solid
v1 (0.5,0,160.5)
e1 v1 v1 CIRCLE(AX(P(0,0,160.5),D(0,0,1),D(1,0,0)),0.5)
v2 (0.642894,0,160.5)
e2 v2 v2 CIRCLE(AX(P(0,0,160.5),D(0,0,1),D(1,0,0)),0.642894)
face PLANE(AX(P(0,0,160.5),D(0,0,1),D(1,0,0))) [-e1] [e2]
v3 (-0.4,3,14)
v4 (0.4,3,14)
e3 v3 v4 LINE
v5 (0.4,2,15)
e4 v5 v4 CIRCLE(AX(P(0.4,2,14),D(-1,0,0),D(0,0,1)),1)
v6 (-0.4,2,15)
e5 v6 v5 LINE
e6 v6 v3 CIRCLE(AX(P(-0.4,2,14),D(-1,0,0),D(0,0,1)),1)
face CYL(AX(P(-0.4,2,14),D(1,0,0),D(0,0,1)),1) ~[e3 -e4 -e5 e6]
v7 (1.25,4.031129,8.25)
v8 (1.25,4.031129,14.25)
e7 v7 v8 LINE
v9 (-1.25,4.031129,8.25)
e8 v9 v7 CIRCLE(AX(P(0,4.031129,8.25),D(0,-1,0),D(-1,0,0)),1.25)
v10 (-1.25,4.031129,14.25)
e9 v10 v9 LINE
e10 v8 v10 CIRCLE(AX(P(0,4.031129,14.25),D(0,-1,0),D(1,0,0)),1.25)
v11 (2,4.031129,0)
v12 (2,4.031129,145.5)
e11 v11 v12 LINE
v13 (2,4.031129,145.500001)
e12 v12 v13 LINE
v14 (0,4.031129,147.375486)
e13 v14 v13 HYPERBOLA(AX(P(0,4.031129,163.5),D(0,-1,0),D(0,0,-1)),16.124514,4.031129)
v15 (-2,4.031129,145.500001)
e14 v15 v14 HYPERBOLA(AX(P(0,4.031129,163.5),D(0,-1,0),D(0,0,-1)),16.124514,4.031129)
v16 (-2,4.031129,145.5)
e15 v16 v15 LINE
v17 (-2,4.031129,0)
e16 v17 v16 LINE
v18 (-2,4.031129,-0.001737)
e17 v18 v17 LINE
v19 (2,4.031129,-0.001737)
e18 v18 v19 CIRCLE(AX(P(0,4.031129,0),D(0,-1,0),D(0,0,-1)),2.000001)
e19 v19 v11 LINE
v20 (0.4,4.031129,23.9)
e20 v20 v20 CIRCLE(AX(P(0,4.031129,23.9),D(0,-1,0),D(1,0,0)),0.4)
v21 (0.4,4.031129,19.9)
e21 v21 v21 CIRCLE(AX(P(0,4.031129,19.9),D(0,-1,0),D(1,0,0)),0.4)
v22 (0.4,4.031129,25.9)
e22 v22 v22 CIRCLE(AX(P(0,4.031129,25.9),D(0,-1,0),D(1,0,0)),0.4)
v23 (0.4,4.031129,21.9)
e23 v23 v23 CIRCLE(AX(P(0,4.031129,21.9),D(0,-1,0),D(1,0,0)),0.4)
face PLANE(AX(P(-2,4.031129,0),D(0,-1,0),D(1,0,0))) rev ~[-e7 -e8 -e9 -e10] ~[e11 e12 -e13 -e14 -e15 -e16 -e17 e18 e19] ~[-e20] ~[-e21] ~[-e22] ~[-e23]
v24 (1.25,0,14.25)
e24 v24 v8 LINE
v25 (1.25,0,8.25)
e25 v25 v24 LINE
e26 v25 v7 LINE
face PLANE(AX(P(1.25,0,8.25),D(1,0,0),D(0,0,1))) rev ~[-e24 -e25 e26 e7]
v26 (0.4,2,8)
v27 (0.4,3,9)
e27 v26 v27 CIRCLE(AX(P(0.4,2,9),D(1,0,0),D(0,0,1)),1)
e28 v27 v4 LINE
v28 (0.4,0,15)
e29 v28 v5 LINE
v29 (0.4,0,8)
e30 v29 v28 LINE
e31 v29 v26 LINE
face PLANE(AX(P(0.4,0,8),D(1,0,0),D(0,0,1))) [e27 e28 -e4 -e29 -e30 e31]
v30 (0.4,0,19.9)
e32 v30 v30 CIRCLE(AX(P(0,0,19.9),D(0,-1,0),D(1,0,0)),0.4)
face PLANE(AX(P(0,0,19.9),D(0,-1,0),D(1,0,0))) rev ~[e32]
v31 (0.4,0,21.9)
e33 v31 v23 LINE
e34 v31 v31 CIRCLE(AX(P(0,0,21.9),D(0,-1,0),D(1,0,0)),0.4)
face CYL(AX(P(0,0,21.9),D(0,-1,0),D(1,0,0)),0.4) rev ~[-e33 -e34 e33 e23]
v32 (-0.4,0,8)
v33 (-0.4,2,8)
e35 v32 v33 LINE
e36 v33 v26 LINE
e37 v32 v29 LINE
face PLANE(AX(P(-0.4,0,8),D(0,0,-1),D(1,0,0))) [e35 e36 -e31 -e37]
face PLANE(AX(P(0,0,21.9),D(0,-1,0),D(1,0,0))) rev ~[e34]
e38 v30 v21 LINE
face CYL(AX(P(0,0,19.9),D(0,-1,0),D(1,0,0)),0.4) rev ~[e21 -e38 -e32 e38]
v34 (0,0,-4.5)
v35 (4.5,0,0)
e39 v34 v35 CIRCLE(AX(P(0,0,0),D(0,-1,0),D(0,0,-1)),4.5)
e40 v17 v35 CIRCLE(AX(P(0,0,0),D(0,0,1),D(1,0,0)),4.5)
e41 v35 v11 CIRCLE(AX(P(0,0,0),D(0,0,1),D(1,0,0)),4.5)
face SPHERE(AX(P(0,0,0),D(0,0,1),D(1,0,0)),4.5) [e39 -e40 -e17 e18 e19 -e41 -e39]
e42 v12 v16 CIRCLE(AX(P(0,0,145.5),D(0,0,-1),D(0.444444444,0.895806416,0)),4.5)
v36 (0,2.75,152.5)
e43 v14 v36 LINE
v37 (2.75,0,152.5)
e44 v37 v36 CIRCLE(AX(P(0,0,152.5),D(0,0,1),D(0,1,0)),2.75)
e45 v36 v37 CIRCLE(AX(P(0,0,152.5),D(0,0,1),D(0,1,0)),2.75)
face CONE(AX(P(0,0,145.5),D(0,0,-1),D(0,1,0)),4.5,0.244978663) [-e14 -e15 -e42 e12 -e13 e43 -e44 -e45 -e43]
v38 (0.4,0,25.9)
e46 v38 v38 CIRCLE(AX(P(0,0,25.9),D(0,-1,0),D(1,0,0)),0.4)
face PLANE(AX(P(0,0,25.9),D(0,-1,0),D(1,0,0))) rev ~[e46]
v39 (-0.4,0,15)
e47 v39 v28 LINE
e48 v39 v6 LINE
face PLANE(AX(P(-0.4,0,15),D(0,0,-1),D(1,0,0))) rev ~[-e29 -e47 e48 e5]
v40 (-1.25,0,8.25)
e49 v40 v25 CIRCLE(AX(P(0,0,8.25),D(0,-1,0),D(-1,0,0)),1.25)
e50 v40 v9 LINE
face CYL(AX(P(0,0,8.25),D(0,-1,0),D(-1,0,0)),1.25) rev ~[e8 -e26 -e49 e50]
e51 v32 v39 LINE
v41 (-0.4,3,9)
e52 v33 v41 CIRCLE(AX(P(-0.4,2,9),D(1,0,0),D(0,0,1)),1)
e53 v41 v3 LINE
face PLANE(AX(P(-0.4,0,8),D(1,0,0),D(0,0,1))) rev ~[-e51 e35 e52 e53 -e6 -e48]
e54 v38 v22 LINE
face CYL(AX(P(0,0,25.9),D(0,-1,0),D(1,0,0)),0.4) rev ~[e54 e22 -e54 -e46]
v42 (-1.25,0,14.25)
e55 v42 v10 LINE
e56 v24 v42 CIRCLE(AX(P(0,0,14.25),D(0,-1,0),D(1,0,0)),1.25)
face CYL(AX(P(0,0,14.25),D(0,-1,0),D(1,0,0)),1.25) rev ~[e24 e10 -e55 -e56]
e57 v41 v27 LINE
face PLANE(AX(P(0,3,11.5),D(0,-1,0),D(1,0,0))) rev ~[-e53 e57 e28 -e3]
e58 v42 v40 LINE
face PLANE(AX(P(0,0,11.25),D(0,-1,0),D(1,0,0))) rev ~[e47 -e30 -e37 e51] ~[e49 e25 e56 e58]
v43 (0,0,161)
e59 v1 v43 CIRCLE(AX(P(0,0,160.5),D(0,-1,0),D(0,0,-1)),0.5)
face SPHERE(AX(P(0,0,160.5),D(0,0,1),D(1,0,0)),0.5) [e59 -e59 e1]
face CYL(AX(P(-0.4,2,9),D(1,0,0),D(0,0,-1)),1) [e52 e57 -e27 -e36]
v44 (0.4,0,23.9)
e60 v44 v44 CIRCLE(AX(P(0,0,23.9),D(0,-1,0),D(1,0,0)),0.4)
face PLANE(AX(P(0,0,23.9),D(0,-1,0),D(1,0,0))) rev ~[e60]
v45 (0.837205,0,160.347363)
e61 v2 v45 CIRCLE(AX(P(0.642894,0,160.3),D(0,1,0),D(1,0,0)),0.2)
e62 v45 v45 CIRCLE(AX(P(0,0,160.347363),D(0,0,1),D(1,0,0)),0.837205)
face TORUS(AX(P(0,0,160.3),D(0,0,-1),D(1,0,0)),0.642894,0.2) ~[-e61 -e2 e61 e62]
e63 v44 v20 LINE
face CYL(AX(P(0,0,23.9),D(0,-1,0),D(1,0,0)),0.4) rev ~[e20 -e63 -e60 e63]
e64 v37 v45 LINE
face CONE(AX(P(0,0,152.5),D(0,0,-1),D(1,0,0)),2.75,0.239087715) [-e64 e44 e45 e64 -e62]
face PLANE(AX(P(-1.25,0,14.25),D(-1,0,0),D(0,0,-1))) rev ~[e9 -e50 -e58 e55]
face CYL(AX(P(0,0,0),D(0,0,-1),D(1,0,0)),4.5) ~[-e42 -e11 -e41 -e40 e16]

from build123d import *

# Parameters (mm, degrees)
SKETCH_R        = 4.5
PAD_DEPTH       = 145.5
SKETCH001_W     = 4
SKETCH001_H     = 3.989153
POCKET_DEPTH    = 150
SKETCH002_R     = 0.4
POCKET001_DEPTH = 10
FILLET_R        = 0.2
SKETCH003_W     = 0.8
SKETCH003_H     = 7
PAD001_DEPTH    = 3
FILLET001_R     = 1


with BuildPart() as part:
    # Sketch → Pad (new body)
    with BuildSketch(Plane.XY):
        Circle(SKETCH_R)
    extrude(amount=PAD_DEPTH)

    # Cone → Cone (revolve)
    with BuildSketch(Plane(origin=(0, 0, 145.5), x_dir=(0, 1, 0), z_dir=(1, 0, 0))):
        Polygon((0, 0), (4.5, 0), (2.75, 7), (0, 7), align=None)
    revolve(axis=Axis((0, 0, 145.5), (0, 0, 1)))

    # Sphere001 → Sphere001 (revolve)
    with BuildSketch(Plane.XZ):
        with BuildLine():
            ThreePointArc((0, -4.5), (4.5, 0), (0, 4.5))
            Line((0, 4.5), (0, -4.5))
        make_face()
    revolve(axis=Axis((0, 0, 0), (0, 0, 1)))

    # Sketch001 → Pocket (cut, symmetric)
    with BuildSketch(Plane.XY):
        with Locations((0, 6.025705)):
            Rectangle(SKETCH001_W, SKETCH001_H)
    extrude(amount=POCKET_DEPTH, both=True, mode=Mode.SUBTRACT)

    # Sketch002 → Pocket001 (cut)
    with BuildSketch(Plane.XZ):
        with Locations((0, 19.9)):
            Circle(SKETCH002_R)
        with Locations((0, 21.9)):
            Circle(SKETCH002_R)
        with Locations((0, 23.9)):
            Circle(SKETCH002_R)
        with Locations((0, 25.9)):
            Circle(SKETCH002_R)
        with BuildLine():
            Line((-1.25, 14.25), (-1.25, 8.25))
            ThreePointArc((-1.25, 8.25), (0, 7), (1.25, 8.25))
            Line((1.25, 8.25), (1.25, 14.25))
            ThreePointArc((1.25, 14.25), (0, 15.5), (-1.25, 14.25))
        make_face()
    extrude(amount=-POCKET001_DEPTH, mode=Mode.SUBTRACT)

    # Cone001 → Cone001 (revolve)
    with BuildSketch(Plane(origin=(0, 0, 152.5), x_dir=(1, 0, 0), z_dir=(0, -1, 0))):
        Polygon((0, 0), (2.75, 0), (0.8, 8), (0, 8), align=None)
    revolve(axis=Axis((0, 0, 152.5), (0, 0, 1)))

    # Sphere → Sphere (revolve)
    with BuildSketch(Plane(origin=(0, 0, 160.5), x_dir=(1, 0, 0), z_dir=(0, -1, 0))):
        with BuildLine():
            ThreePointArc((0, -0.5), (0.5, 0), (0, 0.5))
            Line((0, 0.5), (0, -0.5))
        make_face()
    revolve(axis=Axis((0, 0, 160.5), (0, 0, 1)))

    # Fillet
    fillet_edges = [part.edges().sort_by_distance(p)[0] for p in [
        (-0.8, 0, 160.5),
    ]]
    fillet(fillet_edges, radius=FILLET_R)

    # Sketch003 → Pad001 (join)
    with BuildSketch(Plane.XZ):
        with Locations((0, 11.5)):
            Rectangle(SKETCH003_W, SKETCH003_H)
    extrude(amount=-PAD001_DEPTH)

    # Fillet001
    fillet001_edges = [part.edges().sort_by_distance(p)[0] for p in [
        (0, 3, 8),
        (0, 3, 15),
    ]]
    fillet(fillet001_edges, radius=FILLET001_R)


solid = part.part
